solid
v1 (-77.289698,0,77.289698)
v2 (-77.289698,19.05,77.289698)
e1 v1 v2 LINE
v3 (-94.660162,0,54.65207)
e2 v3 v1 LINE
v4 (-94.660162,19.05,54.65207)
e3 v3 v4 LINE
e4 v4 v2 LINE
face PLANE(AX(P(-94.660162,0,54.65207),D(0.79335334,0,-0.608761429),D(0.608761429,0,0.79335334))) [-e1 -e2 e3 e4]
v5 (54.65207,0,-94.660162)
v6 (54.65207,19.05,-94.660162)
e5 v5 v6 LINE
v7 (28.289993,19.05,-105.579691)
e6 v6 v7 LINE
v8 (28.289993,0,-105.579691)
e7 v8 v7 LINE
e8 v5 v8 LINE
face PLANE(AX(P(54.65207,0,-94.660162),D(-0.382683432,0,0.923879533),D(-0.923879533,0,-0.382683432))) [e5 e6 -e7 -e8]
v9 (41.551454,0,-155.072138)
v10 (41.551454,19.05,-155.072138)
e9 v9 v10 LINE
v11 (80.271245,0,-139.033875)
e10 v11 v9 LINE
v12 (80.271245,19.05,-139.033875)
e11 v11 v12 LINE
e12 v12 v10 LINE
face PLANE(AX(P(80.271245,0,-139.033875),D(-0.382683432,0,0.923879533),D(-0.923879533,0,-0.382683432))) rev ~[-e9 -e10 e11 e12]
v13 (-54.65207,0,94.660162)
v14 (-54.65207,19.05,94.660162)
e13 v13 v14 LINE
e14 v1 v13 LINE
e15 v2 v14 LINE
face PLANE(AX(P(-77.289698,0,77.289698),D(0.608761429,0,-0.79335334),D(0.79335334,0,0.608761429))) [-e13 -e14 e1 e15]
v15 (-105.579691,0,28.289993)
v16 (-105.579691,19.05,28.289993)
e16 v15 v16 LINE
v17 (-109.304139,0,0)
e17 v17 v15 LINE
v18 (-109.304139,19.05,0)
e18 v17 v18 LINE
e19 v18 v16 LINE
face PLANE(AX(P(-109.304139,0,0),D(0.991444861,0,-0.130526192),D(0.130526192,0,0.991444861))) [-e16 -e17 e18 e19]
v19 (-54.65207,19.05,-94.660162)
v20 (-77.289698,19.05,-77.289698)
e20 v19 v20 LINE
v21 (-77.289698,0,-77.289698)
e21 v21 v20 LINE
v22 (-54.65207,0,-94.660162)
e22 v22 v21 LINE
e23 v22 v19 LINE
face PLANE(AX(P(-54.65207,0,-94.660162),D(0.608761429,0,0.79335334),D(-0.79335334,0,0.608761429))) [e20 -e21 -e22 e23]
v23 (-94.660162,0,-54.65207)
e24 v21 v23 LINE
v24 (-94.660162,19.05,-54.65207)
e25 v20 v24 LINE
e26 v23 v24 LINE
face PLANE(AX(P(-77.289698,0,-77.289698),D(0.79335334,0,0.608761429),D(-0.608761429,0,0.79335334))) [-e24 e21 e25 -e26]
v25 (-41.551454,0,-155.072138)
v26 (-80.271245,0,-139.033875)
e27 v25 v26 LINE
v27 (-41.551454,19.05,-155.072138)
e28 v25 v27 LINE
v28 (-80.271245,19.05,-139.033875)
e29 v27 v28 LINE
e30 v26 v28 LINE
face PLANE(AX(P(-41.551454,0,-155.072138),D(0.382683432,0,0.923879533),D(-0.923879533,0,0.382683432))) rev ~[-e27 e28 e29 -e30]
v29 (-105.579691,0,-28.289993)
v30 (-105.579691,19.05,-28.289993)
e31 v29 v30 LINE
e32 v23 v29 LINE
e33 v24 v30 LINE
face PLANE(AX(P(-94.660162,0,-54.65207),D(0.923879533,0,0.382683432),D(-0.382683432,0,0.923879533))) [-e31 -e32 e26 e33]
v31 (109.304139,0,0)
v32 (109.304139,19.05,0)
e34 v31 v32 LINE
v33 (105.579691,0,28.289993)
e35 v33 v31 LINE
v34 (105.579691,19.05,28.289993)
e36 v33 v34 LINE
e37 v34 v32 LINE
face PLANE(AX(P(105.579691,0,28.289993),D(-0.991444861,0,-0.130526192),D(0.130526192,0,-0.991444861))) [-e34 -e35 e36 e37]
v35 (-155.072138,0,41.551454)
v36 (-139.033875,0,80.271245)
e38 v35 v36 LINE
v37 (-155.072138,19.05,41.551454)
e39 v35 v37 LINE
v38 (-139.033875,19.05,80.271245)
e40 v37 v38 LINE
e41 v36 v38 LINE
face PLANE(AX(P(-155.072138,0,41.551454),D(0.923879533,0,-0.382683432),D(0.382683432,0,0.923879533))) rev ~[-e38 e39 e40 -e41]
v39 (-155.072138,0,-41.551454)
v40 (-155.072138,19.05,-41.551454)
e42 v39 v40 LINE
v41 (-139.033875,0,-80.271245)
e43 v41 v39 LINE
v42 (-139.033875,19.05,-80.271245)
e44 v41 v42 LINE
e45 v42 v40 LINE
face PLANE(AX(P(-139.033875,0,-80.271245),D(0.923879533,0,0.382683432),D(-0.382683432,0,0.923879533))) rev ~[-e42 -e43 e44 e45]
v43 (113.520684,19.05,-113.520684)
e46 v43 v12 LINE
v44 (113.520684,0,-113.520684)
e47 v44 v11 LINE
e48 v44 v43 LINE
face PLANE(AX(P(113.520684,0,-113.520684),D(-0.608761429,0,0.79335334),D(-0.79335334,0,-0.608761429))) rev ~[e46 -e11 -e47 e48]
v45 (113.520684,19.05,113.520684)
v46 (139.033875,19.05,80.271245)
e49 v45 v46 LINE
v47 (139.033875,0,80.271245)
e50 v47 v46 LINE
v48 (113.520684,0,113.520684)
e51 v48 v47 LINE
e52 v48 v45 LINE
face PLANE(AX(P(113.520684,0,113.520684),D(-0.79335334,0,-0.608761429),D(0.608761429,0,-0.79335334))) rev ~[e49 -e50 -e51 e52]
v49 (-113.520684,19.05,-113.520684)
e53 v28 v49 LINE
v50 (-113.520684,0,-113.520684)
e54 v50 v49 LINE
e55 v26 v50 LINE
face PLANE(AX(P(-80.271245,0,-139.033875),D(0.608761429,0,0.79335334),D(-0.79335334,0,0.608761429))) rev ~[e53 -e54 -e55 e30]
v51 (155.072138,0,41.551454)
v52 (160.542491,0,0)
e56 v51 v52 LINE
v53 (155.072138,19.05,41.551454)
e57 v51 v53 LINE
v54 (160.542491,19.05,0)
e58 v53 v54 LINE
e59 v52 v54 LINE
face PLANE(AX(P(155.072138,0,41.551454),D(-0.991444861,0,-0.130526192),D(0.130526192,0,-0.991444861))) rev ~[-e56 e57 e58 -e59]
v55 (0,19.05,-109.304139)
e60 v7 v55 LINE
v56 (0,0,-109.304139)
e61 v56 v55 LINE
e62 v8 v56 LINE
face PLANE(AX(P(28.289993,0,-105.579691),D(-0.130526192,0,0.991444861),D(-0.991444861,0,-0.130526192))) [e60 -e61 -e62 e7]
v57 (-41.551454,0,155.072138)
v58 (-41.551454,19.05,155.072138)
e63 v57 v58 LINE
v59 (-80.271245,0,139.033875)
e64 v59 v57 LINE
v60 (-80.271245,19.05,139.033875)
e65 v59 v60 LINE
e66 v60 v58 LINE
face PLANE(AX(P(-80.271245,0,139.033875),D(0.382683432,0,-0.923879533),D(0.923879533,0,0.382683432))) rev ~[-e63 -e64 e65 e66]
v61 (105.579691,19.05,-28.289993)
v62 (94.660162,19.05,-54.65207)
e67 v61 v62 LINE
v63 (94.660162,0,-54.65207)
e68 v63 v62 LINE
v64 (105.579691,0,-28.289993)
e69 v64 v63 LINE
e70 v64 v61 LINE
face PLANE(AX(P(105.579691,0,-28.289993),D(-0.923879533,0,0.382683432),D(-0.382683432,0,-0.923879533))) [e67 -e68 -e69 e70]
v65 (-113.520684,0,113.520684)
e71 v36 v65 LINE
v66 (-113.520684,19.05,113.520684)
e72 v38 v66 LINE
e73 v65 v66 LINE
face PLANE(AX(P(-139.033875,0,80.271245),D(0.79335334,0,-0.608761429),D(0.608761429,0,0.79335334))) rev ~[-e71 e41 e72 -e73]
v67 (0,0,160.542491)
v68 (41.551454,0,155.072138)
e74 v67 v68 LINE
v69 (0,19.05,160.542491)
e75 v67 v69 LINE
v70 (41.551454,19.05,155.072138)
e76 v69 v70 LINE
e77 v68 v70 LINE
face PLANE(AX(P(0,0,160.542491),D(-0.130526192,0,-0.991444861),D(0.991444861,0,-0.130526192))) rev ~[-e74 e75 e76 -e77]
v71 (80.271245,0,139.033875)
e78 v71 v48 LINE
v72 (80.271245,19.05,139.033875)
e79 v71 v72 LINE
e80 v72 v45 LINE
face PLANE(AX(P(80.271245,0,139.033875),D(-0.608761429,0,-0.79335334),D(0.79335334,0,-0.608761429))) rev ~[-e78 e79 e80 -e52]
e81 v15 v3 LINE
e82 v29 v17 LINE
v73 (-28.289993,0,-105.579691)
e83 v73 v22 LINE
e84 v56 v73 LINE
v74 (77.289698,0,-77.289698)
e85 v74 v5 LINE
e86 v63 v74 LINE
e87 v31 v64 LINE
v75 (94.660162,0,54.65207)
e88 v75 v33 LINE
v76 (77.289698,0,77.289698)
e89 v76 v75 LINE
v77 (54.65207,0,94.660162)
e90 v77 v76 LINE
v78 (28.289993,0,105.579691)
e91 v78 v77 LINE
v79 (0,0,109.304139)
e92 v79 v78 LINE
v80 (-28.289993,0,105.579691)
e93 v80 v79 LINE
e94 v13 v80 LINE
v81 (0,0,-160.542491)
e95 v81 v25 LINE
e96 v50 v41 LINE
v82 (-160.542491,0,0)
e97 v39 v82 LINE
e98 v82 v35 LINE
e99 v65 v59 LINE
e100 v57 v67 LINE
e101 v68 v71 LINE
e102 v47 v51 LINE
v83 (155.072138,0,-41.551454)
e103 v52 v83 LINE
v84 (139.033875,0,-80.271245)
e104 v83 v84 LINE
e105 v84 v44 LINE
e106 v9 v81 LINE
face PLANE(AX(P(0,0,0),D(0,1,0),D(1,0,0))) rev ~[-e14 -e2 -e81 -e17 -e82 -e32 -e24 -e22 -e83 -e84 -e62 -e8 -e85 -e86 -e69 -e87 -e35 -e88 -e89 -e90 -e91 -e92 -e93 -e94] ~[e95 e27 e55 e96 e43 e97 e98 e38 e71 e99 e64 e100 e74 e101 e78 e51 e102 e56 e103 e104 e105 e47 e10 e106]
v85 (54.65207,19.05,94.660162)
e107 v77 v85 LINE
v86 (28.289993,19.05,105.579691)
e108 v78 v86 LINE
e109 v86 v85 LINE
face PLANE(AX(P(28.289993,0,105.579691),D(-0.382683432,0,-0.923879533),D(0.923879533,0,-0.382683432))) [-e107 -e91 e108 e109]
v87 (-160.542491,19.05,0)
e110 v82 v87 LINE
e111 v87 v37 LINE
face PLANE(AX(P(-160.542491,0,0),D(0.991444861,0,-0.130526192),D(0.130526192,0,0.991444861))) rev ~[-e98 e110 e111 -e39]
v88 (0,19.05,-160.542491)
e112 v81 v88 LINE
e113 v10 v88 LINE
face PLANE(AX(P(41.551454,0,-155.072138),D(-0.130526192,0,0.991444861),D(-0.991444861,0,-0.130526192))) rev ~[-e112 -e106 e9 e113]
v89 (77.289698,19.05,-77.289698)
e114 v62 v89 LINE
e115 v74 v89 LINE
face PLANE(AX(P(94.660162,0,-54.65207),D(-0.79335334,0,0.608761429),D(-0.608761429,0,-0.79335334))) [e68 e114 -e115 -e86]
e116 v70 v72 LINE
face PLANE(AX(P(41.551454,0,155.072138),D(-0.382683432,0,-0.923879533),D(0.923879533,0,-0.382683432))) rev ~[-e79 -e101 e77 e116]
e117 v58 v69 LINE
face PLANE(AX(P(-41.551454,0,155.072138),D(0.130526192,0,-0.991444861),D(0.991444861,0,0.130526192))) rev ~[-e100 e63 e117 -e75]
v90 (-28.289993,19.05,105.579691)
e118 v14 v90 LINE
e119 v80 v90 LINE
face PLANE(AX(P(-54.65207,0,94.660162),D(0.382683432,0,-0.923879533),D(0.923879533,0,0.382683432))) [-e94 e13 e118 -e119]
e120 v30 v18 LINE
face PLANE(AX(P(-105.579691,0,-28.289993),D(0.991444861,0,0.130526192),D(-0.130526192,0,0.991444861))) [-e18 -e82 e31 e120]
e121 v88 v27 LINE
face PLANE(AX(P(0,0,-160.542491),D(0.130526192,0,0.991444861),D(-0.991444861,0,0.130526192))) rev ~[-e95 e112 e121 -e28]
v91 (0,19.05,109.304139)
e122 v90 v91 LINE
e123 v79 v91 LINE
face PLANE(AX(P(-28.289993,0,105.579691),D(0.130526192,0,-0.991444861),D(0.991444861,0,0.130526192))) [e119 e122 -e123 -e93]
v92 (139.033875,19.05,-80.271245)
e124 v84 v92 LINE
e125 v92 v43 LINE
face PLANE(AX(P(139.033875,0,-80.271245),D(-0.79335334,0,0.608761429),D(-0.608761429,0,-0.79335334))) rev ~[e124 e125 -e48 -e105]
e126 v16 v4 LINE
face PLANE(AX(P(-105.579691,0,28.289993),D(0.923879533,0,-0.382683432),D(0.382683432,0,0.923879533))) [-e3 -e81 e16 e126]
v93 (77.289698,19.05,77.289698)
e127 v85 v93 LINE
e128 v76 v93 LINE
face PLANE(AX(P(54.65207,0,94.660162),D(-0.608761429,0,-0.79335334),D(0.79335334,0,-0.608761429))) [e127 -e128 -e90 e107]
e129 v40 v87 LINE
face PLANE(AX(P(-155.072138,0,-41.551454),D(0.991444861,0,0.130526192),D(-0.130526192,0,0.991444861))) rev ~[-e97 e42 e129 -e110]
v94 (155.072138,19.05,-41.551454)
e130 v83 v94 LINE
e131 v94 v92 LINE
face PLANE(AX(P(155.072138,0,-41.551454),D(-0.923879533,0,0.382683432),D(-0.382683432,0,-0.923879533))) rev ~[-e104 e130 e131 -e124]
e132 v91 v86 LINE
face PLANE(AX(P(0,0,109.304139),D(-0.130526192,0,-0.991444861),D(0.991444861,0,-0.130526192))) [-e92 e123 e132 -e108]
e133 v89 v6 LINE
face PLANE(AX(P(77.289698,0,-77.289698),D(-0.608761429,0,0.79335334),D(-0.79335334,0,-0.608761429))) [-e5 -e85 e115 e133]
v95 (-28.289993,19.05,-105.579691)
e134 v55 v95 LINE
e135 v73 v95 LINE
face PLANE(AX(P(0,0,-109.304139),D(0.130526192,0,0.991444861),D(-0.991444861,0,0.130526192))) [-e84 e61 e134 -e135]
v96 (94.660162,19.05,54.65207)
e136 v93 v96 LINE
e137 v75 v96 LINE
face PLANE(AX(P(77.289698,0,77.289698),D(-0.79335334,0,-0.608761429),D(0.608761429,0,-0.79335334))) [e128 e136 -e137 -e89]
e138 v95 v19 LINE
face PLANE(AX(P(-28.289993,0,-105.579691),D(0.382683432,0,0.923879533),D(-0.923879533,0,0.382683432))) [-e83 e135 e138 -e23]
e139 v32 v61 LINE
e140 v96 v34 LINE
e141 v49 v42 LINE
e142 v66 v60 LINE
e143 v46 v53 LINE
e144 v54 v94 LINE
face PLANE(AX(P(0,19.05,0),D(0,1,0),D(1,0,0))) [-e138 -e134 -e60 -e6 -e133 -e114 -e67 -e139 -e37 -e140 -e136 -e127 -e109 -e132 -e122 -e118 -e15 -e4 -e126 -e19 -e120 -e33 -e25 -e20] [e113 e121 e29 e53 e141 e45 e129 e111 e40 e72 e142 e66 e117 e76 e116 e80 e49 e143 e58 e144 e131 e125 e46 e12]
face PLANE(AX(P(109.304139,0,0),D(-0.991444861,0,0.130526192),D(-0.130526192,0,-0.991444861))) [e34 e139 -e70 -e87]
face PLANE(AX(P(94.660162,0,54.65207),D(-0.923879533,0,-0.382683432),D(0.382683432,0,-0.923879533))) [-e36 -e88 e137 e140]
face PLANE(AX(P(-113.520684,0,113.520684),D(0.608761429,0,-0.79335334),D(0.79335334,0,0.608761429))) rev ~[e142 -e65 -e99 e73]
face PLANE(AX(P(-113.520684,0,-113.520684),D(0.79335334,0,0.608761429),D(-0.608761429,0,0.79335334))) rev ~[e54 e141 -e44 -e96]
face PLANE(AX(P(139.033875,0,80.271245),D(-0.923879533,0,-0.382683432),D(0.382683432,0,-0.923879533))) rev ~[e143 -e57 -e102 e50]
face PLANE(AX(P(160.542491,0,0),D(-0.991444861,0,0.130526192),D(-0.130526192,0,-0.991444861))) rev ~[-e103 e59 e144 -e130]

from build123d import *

# Parameters (mm, degrees)
BOSS_EXTRUDE2_DEPTH = 19.05


with BuildPart() as part:
    # Sketch2 → Boss-Extrude2 (new body)
    with BuildSketch(Plane(origin=(0, 0, 0), x_dir=(1, 0, 0), z_dir=(0, 1, 0))):
        Polygon((-160.542490695, 0), (-155.07213798, -41.55145414), (-139.033875329, -80.271245348), (-113.520683839, -113.520683839), (-80.271245348, -139.033875329), (-41.55145414, -155.07213798), (0, -160.542490695), (41.55145414, -155.07213798), (80.271245348, -139.033875329), (113.520683839, -113.520683839), (139.033875329, -80.271245348), (155.07213798, -41.55145414), (160.542490695, 0), (155.07213798, 41.55145414), (139.033875329, 80.271245348), (113.520683839, 113.520683839), (80.271245348, 139.033875329), (41.55145414, 155.07213798), (0, 160.542490695), (-41.55145414, 155.07213798), (-80.271245348, 139.033875329), (-113.520683839, 113.520683839), (-139.033875329, 80.271245348), (-155.07213798, 41.55145414), align=None)
        Polygon((-109.304139498, 0), (-105.579691261, -28.289993011), (-94.660161544, -54.652069749), (-77.289698251, -77.289698251), (-54.652069749, -94.660161544), (-28.289993011, -105.579691261), (0, -109.304139498), (28.289993011, -105.579691261), (54.652069749, -94.660161544), (77.289698251, -77.289698251), (94.660161544, -54.652069749), (105.579691261, -28.289993011), (109.304139498, 0), (105.579691261, 28.289993011), (94.660161544, 54.652069749), (77.289698251, 77.289698251), (54.652069749, 94.660161544), (28.289993011, 105.579691261), (0, 109.304139498), (-28.289993011, 105.579691261), (-54.652069749, 94.660161544), (-77.289698251, 77.289698251), (-94.660161544, 54.652069749), (-105.579691261, 28.289993011), align=None, mode=Mode.SUBTRACT)
    extrude(amount=BOSS_EXTRUDE2_DEPTH)


solid = part.part
